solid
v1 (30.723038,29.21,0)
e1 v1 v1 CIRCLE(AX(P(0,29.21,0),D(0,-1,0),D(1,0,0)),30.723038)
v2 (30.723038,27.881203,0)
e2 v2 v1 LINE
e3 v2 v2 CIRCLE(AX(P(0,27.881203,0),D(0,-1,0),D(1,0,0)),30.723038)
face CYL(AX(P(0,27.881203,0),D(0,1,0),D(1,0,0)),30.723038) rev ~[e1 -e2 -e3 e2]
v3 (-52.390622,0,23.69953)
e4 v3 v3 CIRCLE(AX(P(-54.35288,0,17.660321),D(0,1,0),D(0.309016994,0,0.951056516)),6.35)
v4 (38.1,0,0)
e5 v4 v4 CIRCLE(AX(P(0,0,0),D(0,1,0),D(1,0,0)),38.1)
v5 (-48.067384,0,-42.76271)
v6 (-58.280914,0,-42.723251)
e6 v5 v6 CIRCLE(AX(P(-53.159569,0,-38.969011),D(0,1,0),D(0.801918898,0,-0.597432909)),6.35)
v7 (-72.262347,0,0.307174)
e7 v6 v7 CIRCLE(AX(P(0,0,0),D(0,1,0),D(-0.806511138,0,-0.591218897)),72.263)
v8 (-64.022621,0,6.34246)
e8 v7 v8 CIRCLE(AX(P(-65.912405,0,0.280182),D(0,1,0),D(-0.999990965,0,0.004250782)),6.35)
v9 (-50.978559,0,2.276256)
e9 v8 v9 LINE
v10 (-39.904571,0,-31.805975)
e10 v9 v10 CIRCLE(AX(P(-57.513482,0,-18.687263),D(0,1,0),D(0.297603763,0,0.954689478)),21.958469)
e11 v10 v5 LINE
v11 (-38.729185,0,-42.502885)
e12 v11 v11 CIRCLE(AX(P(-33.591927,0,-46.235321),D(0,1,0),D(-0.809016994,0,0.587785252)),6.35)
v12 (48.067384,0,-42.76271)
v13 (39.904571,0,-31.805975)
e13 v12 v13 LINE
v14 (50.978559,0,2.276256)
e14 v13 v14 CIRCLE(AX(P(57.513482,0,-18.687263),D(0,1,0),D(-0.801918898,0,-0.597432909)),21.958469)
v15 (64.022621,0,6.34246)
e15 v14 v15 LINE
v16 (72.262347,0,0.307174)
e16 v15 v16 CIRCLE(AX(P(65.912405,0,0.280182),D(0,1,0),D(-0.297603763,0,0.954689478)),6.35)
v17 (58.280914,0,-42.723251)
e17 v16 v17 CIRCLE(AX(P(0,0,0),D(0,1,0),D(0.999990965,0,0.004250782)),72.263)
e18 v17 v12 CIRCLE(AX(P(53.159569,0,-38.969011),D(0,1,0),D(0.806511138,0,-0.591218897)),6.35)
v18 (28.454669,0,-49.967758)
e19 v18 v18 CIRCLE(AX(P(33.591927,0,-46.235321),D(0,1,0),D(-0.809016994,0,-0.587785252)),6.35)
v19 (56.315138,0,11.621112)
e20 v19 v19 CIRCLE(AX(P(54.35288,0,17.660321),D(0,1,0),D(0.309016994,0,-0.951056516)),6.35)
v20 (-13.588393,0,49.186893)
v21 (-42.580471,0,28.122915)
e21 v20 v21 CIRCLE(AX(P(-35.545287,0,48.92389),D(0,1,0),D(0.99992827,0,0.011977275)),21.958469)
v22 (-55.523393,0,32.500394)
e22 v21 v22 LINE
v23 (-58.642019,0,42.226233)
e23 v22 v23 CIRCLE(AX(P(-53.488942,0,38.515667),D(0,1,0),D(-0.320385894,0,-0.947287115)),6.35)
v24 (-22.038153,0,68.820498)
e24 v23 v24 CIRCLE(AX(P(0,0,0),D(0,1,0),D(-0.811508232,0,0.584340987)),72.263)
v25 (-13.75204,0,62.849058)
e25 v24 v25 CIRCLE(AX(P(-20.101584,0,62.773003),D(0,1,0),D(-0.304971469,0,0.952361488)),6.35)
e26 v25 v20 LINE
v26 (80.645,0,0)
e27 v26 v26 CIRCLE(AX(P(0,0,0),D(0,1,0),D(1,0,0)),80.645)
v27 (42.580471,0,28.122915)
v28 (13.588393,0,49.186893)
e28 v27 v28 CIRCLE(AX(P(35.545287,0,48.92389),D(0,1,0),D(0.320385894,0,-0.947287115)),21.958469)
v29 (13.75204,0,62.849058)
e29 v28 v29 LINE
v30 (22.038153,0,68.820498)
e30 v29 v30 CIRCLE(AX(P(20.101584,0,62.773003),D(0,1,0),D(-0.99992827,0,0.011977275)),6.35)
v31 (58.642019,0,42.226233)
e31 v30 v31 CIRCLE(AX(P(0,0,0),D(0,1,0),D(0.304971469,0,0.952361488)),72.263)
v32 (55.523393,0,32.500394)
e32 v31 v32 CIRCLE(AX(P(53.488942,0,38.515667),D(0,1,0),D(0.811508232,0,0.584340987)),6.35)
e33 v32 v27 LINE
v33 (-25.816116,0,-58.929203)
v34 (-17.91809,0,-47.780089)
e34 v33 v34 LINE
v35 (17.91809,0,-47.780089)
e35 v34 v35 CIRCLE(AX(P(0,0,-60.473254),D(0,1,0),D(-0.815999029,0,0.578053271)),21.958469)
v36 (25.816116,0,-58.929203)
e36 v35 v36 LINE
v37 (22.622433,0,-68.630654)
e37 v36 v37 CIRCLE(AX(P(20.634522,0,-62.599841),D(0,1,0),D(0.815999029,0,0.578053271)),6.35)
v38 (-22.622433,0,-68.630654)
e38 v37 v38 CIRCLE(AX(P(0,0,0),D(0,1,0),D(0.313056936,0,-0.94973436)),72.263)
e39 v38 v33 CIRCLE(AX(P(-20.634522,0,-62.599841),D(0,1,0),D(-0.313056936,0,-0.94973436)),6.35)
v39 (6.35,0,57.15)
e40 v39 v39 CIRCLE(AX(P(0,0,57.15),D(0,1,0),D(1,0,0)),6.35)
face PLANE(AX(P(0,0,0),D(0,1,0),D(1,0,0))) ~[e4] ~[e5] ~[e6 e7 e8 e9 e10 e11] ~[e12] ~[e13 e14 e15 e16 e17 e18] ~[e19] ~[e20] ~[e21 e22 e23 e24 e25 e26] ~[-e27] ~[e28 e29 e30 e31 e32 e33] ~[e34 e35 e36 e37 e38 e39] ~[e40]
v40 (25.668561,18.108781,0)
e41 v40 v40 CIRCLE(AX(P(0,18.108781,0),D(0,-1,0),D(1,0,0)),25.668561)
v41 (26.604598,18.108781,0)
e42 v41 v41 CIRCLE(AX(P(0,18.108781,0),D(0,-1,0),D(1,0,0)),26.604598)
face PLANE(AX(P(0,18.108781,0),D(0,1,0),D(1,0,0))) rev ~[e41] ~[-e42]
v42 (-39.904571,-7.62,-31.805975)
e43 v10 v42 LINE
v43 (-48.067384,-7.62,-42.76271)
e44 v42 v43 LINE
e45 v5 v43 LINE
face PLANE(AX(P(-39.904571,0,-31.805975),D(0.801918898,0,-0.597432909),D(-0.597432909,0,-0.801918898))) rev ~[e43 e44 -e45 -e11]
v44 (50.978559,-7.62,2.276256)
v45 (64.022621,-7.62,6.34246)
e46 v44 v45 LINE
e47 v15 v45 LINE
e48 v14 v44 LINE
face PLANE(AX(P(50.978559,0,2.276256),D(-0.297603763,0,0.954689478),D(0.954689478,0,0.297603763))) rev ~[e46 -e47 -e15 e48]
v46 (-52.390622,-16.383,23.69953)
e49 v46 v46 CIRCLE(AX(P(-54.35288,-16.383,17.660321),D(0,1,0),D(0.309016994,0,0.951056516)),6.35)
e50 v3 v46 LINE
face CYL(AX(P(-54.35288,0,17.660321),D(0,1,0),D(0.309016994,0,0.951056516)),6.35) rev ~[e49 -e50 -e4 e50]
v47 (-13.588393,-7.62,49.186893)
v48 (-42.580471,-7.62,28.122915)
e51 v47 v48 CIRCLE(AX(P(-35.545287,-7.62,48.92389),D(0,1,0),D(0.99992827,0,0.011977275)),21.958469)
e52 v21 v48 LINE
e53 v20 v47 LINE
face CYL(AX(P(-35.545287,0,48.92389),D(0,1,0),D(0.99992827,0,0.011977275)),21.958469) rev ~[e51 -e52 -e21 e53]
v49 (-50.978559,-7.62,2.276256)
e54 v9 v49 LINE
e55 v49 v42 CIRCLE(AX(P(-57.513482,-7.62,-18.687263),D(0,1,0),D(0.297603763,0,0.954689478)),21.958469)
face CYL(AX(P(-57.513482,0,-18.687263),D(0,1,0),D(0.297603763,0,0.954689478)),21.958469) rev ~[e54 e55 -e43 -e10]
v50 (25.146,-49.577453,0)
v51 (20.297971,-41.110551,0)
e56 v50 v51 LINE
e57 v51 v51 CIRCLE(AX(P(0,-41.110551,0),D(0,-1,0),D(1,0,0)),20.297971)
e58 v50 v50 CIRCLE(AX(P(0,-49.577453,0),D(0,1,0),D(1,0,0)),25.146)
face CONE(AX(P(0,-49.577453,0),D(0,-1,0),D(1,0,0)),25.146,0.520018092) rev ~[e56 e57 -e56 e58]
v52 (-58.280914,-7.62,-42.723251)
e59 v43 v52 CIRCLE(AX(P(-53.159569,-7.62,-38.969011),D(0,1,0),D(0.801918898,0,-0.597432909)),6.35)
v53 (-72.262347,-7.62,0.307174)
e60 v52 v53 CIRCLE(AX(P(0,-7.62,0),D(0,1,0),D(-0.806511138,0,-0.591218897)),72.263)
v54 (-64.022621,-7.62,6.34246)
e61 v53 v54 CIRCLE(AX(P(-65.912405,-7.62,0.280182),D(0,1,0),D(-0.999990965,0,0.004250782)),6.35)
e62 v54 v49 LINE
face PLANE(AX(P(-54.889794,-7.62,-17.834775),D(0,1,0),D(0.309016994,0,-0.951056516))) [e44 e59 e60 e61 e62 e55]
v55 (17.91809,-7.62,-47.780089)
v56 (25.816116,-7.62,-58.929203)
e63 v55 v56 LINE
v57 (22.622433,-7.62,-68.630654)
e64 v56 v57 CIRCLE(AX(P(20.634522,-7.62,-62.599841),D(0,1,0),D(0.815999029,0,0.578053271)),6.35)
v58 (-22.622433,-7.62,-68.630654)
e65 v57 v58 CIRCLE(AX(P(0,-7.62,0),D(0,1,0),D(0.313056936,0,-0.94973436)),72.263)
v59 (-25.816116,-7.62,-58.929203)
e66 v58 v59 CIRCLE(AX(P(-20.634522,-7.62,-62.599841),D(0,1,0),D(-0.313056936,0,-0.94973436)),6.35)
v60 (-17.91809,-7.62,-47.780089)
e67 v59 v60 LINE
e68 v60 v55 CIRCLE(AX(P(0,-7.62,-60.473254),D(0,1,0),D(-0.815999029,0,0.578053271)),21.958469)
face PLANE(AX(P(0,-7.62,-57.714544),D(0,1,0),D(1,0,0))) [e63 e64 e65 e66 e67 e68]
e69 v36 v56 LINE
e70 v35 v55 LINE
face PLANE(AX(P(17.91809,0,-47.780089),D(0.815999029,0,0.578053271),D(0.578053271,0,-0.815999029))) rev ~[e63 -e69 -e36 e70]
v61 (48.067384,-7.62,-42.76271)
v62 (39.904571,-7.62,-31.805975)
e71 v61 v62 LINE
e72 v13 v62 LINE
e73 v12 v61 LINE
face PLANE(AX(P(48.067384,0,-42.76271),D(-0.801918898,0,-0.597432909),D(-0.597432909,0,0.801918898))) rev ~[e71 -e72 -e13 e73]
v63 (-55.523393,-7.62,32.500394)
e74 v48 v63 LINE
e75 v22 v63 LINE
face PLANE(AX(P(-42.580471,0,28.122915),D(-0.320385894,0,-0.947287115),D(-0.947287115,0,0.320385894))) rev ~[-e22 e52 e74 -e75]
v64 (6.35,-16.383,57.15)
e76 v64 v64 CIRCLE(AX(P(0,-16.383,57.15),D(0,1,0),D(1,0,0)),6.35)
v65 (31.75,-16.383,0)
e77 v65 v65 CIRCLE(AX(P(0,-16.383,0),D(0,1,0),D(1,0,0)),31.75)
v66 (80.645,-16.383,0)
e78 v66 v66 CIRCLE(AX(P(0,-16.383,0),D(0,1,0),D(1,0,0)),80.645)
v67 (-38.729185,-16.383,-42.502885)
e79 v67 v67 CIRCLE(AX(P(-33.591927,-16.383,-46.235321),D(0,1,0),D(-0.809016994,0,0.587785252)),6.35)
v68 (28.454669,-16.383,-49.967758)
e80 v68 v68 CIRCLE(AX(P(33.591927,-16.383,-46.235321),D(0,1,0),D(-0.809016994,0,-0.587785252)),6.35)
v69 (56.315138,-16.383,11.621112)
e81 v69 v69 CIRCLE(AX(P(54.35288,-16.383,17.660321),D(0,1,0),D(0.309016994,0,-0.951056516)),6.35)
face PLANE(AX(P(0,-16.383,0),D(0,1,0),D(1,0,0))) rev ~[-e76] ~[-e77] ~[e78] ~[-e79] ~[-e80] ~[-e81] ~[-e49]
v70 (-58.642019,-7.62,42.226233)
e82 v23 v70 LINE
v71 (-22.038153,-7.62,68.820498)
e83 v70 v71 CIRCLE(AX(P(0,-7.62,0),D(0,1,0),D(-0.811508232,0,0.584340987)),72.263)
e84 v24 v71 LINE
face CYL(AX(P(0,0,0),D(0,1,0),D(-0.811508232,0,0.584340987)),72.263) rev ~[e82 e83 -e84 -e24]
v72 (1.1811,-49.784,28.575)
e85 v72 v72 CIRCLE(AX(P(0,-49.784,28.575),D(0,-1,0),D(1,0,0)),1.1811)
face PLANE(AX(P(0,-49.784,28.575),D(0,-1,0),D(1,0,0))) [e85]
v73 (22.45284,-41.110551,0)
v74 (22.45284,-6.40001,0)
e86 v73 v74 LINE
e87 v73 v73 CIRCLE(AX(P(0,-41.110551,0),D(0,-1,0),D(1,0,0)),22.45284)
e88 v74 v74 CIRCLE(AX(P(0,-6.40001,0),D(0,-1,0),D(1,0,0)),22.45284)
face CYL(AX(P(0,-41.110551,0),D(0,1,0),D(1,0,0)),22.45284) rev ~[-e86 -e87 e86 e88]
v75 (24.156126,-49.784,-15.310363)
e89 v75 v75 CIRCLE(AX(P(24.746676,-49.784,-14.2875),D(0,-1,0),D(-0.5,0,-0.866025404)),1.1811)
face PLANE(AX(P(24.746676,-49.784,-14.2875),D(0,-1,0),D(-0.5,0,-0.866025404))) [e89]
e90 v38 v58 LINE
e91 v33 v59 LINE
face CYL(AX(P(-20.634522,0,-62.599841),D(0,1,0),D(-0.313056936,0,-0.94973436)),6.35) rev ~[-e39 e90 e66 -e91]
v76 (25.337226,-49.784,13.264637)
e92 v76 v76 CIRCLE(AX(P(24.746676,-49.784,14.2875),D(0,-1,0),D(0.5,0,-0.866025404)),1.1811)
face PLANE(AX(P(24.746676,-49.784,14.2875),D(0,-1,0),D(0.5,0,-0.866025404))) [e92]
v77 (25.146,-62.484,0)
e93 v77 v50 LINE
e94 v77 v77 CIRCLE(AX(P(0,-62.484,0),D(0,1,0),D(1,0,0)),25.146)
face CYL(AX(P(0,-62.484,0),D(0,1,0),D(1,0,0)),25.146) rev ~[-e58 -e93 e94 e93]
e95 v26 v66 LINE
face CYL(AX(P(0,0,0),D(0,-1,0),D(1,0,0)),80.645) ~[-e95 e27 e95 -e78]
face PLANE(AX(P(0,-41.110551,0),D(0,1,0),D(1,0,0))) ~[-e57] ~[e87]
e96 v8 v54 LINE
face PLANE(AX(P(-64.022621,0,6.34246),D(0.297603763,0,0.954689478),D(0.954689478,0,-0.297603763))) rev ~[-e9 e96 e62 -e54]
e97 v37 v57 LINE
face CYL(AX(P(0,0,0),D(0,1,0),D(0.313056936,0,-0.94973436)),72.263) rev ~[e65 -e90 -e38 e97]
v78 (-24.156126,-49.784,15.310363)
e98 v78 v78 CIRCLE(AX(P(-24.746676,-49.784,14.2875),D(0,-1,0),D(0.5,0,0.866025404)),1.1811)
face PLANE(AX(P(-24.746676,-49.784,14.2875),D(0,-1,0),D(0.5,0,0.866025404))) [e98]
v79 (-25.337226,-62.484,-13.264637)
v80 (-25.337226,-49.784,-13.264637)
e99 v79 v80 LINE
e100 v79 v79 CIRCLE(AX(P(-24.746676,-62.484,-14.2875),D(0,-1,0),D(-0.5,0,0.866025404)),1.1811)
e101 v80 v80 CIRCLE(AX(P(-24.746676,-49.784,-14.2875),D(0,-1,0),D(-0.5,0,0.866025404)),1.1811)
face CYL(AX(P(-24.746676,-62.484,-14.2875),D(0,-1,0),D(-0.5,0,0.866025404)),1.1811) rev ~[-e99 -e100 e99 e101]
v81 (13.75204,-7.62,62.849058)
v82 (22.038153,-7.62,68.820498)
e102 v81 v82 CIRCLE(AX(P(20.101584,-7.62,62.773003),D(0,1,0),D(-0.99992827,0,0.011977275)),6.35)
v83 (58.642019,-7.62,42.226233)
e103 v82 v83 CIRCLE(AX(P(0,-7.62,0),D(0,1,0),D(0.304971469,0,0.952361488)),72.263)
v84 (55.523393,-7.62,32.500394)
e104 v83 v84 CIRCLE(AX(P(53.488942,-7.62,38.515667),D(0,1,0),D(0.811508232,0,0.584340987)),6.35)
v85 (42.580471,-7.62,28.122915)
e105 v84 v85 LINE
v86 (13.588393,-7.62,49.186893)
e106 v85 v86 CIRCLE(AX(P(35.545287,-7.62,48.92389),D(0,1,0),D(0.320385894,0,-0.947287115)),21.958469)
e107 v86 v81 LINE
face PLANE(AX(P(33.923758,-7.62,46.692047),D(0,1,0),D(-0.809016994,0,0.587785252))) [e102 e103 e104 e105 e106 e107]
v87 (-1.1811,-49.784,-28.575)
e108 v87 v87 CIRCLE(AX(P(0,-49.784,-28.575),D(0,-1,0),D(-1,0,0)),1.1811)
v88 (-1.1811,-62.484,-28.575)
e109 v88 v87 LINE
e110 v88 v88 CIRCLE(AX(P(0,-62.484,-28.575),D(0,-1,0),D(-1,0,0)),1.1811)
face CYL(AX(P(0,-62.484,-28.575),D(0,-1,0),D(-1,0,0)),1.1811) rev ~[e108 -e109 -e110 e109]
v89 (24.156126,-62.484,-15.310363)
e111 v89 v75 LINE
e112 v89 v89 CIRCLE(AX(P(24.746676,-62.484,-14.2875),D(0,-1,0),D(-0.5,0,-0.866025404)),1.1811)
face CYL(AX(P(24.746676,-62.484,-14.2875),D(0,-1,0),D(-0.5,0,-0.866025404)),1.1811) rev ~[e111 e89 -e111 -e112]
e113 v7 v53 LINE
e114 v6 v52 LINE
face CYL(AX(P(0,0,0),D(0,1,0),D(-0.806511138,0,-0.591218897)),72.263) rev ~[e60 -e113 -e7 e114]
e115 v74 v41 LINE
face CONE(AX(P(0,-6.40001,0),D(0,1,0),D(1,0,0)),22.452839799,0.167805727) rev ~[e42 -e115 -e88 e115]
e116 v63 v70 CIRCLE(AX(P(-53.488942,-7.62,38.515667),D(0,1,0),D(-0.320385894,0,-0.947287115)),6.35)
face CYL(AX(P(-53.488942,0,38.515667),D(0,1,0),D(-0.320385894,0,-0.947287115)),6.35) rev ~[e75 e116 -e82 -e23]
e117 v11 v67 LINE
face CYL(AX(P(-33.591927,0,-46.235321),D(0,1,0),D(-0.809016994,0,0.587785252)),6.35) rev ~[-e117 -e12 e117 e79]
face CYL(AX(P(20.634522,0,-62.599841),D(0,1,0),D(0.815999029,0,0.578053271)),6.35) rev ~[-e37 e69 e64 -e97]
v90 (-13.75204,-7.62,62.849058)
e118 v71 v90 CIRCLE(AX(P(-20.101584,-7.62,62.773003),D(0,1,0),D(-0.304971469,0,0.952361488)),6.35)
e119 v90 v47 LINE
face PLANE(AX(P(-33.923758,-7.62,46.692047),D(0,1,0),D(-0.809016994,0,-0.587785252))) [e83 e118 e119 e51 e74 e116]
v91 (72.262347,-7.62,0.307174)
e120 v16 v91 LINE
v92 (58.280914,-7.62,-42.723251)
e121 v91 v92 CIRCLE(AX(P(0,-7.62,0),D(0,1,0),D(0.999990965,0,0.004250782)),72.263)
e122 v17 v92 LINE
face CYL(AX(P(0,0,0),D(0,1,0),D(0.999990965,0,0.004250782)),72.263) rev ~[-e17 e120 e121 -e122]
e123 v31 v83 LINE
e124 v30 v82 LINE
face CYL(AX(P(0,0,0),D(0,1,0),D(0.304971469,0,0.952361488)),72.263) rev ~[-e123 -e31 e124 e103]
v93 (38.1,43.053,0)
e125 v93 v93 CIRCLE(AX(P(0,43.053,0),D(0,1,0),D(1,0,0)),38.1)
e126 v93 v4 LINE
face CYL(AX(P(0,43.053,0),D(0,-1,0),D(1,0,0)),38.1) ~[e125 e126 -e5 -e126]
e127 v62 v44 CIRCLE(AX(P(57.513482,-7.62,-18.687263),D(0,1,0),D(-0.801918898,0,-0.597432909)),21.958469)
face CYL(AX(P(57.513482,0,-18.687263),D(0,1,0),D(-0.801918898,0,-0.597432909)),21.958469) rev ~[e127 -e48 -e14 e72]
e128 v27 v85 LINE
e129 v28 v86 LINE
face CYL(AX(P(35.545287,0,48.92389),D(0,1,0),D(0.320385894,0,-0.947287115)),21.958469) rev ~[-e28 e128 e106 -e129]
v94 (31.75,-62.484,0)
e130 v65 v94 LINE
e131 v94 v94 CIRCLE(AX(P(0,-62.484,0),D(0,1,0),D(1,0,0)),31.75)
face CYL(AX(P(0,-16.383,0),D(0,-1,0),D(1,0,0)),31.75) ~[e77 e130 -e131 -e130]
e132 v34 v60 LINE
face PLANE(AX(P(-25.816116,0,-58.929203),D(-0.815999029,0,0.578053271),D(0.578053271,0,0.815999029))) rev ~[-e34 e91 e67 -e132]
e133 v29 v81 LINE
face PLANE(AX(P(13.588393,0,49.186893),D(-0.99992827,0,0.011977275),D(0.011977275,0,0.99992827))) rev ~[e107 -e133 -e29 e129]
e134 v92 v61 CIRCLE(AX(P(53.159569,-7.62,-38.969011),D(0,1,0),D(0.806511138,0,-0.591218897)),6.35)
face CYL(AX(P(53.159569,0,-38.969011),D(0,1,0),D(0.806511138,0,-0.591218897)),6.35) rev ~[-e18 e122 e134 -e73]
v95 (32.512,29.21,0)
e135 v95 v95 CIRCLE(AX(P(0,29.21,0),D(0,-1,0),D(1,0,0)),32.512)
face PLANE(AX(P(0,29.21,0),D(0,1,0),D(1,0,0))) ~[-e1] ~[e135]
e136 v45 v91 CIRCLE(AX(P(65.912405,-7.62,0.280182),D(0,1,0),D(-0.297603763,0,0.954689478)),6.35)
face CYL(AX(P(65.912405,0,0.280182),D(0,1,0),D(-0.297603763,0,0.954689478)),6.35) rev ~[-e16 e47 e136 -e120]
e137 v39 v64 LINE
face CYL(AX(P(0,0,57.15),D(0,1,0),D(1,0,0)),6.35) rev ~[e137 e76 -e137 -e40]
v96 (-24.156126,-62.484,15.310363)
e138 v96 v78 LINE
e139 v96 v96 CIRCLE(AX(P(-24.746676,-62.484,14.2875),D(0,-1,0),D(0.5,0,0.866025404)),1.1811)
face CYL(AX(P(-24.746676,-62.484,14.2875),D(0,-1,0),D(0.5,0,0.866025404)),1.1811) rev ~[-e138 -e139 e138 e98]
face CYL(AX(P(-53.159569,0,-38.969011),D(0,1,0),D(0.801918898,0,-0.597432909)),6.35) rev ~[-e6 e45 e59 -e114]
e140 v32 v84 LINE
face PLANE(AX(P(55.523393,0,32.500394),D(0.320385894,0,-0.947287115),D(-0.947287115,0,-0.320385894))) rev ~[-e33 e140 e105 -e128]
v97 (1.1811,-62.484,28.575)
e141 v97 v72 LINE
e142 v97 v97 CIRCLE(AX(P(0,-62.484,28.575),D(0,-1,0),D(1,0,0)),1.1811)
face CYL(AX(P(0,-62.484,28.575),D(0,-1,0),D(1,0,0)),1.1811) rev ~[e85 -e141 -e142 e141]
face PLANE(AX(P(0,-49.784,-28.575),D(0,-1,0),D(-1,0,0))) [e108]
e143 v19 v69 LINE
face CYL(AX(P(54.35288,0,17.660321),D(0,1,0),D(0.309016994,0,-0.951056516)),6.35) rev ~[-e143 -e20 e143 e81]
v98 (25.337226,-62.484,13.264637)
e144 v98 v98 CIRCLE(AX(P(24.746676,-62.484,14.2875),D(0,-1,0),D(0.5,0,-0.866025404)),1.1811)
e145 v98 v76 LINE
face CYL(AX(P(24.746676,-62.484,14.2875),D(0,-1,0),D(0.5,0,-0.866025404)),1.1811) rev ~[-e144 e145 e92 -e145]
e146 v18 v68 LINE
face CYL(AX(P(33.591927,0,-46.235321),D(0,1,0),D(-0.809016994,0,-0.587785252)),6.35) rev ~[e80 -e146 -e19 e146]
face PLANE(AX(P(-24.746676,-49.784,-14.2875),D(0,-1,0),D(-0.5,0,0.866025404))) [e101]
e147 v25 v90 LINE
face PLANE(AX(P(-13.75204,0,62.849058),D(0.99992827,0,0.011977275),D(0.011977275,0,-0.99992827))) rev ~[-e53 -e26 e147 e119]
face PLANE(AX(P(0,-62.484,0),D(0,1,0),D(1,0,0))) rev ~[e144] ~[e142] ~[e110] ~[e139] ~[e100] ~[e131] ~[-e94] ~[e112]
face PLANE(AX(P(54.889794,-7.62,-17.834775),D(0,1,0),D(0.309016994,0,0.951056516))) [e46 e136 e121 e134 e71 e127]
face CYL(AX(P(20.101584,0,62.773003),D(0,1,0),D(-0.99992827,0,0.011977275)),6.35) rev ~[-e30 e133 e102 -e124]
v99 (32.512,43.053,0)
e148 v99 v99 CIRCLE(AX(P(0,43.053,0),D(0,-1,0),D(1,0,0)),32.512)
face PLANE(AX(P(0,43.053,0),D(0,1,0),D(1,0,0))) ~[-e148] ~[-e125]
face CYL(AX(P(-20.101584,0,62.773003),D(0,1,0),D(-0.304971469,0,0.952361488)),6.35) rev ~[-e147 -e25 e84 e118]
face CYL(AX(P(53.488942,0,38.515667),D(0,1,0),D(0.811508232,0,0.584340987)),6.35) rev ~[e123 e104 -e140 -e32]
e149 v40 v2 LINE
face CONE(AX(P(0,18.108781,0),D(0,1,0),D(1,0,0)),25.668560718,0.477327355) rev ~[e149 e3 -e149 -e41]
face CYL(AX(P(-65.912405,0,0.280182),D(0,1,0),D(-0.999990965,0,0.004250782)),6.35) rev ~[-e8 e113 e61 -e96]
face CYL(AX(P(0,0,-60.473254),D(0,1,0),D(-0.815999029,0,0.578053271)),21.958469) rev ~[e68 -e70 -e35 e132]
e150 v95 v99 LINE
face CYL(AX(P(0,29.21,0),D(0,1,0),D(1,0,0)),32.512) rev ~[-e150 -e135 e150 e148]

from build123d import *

# Parameters (mm, degrees)
SKETCH2_R          = 6.35
CUT_EXTRUDE1_DEPTH = 131.044155217
CIRPATTERN1_COUNT  = 5
CUT_EXTRUDE2_DEPTH = 7.62
CIRPATTERN2_COUNT  = 5
SKETCH5_R          = 1.1811
CUT_EXTRUDE3_DEPTH = 12.7
CIRPATTERN3_COUNT  = 6


with BuildPart() as part:
    # Sketch1 → Revolve1 (revolve)
    with BuildSketch(Plane.XY):
        Polygon((32.512, 43.053), (38.1, 43.053), (38.1, 0), (80.645, 0), (80.645, -16.383), (31.75, -16.383), (31.75, -62.484), (25.146, -62.484), (25.146, -49.577453141), (20.297971433, -41.110550681), (22.452839799, -41.110550681), (22.452839799, -6.400010137), (26.604598141, 18.108781172), (25.668560718, 18.108781172), (30.723038212, 27.881202719), (30.723038212, 29.21), (32.512, 29.21), align=None)
    revolve(axis=Axis((0, 66.608222053, 0), (0, -1, 0)))

    # Sketch2 → Cut-Extrude1 (cut, through all)
    with BuildSketch(Plane(origin=(0, 0, 0), x_dir=(1, 0, 0), z_dir=(0, 1, 0))):
        with Locations((0, -57.15)):
            Circle(SKETCH2_R)
    cut_extrude1 = extrude(amount=-CUT_EXTRUDE1_DEPTH, mode=Mode.SUBTRACT)

    # CirPattern1: Cut-Extrude1 ×5 about axis
    cirpattern1_axis = Axis((0, 48.32985, 0), (0, -1, 0))
    for i in range(1, CIRPATTERN1_COUNT):
        add(cut_extrude1.rotate(cirpattern1_axis, i * 360 / CIRPATTERN1_COUNT), mode=Mode.SUBTRACT)

    # Sketch3 → Cut-Extrude2 (cut)
    with BuildSketch(Plane(origin=(0, 0, 0), x_dir=(1, 0, 0), z_dir=(0, 1, 0))):
        with BuildLine():
            Line((-25.816115671, 58.929202602), (-17.918089551, 47.780088903))
            ThreePointArc((-17.918089551, 47.780088903), (0, 38.514784655), (17.918089551, 47.780088903))
            Line((17.918089551, 47.780088903), (25.816115671, 58.929202602))
            ThreePointArc((25.816115671, 58.929202602), (26.666104709, 64.585415867), (22.622433381, 68.630654062))
            ThreePointArc((22.622433381, 68.630654062), (0, 72.263), (-22.622433381, 68.630654062))
            ThreePointArc((-22.622433381, 68.630654062), (-26.666104709, 64.585415867), (-25.816115671, 58.929202602))
        make_face()
    cut_extrude2 = extrude(amount=-CUT_EXTRUDE2_DEPTH, mode=Mode.SUBTRACT)

    # CirPattern2: Cut-Extrude2 ×5 about axis
    cirpattern2_axis = Axis((0, 48.32985, 0), (0, -1, 0))
    for i in range(1, CIRPATTERN2_COUNT):
        add(cut_extrude2.rotate(cirpattern2_axis, i * 360 / CIRPATTERN2_COUNT), mode=Mode.SUBTRACT)

    # Sketch5 → Cut-Extrude3 (cut)
    with BuildSketch(Plane.XZ.offset(62.484)):
        with Locations((0, 28.575)):
            Circle(SKETCH5_R)
    cut_extrude3 = extrude(amount=-CUT_EXTRUDE3_DEPTH, mode=Mode.SUBTRACT)

    # CirPattern3: Cut-Extrude3 ×6 about axis
    cirpattern3_axis = Axis((0, 66.608222053, 0), (0, 1, 0))
    for i in range(1, CIRPATTERN3_COUNT):
        add(cut_extrude3.rotate(cirpattern3_axis, i * 360 / CIRPATTERN3_COUNT), mode=Mode.SUBTRACT)


solid = part.part
